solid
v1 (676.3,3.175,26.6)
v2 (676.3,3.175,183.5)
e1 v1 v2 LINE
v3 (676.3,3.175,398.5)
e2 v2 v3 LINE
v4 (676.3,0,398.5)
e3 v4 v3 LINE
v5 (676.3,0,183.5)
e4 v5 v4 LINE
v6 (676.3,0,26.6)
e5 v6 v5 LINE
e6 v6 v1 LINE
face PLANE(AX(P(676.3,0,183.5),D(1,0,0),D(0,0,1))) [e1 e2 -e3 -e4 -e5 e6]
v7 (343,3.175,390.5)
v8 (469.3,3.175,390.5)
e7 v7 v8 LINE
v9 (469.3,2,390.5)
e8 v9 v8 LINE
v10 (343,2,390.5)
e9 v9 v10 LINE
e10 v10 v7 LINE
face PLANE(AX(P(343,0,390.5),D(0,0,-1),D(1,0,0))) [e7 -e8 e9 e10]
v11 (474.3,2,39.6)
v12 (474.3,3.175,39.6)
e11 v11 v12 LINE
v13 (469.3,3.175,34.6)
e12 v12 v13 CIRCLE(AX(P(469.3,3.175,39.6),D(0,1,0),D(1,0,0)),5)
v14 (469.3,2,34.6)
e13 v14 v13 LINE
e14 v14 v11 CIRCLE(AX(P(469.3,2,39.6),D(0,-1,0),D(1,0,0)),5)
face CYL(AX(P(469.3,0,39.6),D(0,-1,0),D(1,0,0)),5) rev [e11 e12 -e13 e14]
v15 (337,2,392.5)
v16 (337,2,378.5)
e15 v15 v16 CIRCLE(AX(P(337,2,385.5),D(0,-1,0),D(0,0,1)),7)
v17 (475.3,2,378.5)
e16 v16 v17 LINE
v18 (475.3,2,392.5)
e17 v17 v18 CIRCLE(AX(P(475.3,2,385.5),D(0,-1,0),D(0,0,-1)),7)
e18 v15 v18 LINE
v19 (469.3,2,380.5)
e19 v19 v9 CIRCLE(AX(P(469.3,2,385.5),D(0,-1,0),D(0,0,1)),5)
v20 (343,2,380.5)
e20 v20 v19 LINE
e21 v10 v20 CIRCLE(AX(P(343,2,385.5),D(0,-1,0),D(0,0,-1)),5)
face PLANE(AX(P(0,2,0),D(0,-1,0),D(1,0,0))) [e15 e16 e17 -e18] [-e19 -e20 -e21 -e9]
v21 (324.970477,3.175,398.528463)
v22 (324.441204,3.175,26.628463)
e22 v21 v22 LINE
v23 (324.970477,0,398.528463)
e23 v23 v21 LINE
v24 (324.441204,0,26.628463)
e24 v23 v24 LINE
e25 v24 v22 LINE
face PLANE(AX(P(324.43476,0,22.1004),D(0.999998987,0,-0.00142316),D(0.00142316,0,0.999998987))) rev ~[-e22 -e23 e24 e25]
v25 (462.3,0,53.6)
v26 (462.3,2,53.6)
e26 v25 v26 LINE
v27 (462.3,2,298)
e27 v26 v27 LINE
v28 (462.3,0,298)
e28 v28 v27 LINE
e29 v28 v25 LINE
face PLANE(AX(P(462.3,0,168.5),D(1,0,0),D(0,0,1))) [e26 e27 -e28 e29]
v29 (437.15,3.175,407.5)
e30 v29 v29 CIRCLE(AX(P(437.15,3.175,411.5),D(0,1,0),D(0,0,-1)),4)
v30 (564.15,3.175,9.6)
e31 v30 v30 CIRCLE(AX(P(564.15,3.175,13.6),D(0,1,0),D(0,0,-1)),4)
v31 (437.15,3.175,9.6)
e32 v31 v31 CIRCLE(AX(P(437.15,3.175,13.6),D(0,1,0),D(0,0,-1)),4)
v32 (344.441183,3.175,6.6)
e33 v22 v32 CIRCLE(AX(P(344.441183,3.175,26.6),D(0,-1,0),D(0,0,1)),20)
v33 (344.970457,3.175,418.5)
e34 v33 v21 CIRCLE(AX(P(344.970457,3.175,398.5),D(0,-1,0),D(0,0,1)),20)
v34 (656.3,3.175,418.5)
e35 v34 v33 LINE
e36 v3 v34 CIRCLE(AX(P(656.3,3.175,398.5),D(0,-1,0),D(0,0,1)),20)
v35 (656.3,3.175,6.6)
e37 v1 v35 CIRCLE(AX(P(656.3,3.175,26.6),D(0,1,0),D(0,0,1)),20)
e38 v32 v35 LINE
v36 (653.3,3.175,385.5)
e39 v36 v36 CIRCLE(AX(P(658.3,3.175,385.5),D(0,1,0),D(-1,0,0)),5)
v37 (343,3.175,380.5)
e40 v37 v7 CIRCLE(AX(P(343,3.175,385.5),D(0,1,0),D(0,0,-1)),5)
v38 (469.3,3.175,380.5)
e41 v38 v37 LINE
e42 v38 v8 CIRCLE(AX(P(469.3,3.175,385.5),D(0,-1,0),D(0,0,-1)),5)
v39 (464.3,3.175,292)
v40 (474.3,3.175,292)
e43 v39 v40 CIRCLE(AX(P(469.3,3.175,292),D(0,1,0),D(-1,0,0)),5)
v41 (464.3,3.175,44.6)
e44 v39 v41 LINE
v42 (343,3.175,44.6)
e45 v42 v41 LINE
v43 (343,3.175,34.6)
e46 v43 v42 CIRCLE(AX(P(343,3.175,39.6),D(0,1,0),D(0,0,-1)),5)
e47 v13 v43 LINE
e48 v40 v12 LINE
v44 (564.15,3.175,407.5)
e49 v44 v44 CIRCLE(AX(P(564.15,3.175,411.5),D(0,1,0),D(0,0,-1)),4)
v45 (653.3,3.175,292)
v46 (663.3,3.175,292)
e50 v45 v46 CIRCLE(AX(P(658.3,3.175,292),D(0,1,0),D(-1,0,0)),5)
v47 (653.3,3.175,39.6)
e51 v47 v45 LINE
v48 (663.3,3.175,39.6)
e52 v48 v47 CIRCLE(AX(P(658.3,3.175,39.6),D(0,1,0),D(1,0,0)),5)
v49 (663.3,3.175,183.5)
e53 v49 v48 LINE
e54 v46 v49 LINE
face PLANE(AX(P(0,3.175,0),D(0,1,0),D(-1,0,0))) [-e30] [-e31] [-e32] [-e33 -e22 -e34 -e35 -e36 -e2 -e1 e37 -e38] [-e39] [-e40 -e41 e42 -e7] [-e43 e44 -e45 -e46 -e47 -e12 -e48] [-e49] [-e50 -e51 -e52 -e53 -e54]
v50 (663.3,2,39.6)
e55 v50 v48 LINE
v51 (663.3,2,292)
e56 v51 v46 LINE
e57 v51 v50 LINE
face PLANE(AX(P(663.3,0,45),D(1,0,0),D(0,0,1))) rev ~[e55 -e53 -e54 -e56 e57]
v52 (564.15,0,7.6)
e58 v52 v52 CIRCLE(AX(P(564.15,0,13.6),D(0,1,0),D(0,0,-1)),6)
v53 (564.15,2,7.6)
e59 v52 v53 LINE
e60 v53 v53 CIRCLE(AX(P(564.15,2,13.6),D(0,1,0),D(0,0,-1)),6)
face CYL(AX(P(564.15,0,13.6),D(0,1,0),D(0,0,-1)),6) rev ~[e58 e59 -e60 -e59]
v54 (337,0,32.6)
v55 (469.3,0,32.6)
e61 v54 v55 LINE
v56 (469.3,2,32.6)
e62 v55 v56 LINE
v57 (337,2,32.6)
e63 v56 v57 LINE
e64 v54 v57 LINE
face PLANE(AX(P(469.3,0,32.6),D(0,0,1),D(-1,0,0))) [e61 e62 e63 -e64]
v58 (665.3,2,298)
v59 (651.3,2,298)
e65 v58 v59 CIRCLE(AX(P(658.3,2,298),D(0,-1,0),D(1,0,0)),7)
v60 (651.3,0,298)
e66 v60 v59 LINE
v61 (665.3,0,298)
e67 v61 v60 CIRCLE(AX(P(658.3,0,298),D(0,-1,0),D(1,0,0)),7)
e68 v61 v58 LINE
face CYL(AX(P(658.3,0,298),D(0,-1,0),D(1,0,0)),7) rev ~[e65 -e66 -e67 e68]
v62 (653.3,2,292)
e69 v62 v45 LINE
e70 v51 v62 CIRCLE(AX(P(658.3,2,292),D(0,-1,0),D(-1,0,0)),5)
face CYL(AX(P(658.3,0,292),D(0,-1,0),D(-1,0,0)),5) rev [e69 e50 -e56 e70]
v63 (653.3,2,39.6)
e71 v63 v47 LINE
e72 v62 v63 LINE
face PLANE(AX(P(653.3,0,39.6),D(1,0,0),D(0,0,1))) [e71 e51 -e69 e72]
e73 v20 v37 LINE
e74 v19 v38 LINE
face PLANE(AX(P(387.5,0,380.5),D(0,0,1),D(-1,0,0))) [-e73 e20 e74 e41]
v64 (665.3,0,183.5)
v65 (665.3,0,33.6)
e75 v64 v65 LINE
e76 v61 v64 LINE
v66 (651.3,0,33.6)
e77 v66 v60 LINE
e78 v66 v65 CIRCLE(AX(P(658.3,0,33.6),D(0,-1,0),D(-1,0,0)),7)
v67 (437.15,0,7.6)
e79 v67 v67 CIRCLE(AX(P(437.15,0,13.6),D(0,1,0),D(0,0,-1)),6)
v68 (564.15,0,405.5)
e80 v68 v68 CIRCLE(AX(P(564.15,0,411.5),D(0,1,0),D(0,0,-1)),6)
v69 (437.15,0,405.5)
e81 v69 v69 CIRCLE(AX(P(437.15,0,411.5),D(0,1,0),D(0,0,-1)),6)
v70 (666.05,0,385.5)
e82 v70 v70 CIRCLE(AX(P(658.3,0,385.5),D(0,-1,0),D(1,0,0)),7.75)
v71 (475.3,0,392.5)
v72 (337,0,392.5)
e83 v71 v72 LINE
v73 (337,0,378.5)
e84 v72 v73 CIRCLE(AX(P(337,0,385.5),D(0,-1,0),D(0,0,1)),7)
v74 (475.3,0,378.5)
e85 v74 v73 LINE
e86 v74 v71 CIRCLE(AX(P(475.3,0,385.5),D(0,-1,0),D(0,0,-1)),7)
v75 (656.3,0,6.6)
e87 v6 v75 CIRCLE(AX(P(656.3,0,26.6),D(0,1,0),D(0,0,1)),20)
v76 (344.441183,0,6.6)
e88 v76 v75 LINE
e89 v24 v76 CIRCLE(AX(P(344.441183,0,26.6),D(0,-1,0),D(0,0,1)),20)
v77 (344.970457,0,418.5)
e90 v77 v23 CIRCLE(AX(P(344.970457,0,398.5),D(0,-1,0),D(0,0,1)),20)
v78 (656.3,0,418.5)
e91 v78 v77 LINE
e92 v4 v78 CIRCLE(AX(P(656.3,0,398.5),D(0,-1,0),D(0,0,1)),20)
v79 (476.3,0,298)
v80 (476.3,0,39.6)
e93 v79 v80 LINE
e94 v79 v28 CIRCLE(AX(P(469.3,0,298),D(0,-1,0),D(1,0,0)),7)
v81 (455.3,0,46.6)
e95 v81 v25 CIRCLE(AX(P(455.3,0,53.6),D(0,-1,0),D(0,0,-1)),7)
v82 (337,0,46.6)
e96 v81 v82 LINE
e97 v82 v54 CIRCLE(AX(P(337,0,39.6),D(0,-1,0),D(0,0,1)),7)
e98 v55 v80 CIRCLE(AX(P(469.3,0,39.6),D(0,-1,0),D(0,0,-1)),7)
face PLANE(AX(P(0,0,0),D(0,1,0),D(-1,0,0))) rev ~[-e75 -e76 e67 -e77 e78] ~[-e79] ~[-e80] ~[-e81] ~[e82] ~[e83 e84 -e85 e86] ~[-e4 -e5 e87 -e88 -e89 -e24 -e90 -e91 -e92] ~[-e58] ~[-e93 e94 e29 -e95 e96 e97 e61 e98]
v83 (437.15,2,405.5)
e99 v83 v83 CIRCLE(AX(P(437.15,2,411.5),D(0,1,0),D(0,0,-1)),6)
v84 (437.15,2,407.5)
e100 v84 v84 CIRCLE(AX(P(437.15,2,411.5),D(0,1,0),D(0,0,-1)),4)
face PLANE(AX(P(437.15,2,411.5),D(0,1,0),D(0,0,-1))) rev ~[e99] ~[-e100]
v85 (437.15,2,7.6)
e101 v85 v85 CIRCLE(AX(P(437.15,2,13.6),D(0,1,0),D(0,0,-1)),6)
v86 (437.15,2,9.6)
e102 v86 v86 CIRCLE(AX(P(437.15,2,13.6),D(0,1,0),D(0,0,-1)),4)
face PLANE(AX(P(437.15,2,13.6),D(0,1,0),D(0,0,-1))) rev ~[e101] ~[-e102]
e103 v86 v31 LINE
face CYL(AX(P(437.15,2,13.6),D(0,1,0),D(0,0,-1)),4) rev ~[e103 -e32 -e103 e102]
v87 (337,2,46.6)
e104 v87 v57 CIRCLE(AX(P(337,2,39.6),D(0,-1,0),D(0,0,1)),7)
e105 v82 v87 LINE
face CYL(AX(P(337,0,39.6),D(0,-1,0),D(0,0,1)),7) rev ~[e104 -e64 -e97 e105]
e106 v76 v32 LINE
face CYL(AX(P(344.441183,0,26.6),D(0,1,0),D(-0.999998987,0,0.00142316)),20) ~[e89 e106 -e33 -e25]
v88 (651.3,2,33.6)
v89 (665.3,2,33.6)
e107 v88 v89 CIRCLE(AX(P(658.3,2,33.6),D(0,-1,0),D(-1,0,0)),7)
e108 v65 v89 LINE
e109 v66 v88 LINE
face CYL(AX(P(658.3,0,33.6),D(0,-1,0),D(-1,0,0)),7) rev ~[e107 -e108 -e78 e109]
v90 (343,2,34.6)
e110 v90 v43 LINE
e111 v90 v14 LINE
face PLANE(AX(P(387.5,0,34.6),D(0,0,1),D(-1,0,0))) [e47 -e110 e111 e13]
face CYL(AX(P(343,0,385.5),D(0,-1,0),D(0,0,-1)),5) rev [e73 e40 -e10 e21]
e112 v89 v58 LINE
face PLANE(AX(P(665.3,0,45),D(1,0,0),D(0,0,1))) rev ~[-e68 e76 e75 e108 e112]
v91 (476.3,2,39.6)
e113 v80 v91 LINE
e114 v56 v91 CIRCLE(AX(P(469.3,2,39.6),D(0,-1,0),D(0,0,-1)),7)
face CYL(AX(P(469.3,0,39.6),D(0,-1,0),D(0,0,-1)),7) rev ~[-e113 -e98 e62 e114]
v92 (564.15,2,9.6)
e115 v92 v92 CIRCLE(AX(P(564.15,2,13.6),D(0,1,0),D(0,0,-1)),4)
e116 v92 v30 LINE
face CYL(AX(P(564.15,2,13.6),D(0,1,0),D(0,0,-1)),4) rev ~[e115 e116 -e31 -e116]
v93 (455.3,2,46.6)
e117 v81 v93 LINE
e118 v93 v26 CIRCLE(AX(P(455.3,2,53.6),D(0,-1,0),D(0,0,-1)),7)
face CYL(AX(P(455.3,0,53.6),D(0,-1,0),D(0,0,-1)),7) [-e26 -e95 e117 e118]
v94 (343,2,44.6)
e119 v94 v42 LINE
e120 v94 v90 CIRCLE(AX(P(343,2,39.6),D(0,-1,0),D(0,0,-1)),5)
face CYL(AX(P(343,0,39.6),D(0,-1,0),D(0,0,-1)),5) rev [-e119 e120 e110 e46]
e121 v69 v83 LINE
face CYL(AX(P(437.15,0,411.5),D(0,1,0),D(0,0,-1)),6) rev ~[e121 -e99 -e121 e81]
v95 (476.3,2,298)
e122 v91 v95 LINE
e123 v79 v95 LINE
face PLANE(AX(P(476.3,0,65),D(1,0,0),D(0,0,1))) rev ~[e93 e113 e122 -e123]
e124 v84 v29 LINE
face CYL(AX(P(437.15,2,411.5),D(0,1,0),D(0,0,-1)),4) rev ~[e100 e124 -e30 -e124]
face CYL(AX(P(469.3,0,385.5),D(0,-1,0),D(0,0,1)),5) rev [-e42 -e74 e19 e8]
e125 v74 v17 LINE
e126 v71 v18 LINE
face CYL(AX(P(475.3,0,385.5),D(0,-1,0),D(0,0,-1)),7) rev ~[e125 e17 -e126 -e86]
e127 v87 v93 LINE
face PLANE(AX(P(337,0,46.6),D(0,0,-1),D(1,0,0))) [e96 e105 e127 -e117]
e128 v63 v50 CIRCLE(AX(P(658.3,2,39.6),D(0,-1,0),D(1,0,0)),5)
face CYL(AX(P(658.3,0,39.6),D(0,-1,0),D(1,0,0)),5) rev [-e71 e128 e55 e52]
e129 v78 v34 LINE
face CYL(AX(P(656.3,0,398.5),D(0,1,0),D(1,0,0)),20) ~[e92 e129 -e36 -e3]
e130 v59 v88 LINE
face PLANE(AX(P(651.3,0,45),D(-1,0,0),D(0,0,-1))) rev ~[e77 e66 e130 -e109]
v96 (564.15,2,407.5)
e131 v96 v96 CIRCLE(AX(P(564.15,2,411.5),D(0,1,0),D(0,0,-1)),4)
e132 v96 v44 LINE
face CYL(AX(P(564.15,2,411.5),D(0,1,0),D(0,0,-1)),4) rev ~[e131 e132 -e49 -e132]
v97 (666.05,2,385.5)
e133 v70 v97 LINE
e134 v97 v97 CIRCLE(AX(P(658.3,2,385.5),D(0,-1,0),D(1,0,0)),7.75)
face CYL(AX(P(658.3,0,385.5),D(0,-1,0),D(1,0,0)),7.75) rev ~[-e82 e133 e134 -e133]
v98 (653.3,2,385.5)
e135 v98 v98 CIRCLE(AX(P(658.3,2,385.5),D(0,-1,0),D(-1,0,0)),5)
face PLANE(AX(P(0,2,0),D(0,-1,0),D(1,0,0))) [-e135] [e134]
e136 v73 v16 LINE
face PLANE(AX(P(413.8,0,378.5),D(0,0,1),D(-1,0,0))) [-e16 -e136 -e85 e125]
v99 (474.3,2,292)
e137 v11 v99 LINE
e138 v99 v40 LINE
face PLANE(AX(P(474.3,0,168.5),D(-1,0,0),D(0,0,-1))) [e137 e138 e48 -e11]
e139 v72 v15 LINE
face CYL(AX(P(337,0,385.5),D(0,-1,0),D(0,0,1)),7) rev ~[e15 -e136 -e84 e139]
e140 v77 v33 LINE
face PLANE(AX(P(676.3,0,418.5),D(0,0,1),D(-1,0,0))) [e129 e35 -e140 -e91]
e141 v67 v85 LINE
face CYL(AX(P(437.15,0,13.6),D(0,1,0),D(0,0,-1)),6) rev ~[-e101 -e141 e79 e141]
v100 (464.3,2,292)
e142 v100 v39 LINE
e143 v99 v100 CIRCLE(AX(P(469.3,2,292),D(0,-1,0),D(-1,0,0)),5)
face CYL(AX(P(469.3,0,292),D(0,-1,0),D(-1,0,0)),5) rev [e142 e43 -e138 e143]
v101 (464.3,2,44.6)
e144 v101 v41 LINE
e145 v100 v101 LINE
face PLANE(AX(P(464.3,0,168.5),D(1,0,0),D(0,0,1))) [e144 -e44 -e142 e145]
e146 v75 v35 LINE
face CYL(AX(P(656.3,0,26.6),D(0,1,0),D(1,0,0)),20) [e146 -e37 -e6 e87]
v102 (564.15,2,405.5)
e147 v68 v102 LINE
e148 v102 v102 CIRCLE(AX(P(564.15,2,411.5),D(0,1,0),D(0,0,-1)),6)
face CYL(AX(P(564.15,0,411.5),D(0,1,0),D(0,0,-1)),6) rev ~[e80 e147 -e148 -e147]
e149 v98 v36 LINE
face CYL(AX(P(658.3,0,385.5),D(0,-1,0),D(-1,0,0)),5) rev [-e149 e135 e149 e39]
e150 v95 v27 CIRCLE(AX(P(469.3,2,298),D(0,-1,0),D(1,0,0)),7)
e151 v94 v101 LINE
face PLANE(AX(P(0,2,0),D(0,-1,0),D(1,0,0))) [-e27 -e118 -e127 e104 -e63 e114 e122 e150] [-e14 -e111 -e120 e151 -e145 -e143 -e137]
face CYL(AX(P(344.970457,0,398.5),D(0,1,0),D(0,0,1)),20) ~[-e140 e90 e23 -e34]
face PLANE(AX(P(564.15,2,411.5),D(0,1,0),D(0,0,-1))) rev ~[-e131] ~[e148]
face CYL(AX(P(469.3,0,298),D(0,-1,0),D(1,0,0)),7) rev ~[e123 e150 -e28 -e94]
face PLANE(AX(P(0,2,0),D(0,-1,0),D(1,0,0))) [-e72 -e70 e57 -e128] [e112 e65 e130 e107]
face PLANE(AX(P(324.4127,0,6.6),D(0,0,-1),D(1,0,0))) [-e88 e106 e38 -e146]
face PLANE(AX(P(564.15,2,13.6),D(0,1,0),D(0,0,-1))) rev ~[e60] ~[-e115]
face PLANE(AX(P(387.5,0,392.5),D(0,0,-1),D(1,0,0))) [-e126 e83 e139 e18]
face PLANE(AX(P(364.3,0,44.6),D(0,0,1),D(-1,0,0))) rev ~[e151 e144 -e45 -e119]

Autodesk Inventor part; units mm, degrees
ref_plane "YZ Plane" through (0, 0, 0) normal (1, 0, 0) x (0, 1, 0)
ref_plane "XZ Plane" through (0, 0, 0) normal (0, 1, 0) x (-1, 0, 0)
ref_plane "XY Plane" through (0, 0, 0) normal (0, 0, 1) x (1, 0, 0)
sketch "Sketch1" plane through (0, 0, 0) normal (0, 1, 0) x (-1, 0, 0)
  line L0 (-613.8, 55) -> (-513.8, 55)
  line L1 (-387.5, 55) -> (-613.8, 55)
  line L2 (-513.8, 55) -> (-473.8, 55)
  line L3 (-469.3, 380.5) -> (-343, 380.5)
  line L4 (-343, 390.5) -> (-469.3, 390.5)
  line L5 (-474.3, 385.5) -> (-474.3, 385.5)
  circle A0 centre (-658.3, 385.5) radius 5
  arc A1 (-474.3, 385.5) -> (-469.3, 380.5) centre (-469.3, 385.5) ccw
  arc A2 (-469.3, 390.5) -> (-474.3, 385.5) centre (-469.3, 385.5) ccw
  line L6 (-513.8, 395) -> (-513.8, 395.5)
  line L7 (-513.8, 55) -> (-469.3, 55)
  line L8 (-474.3, 65) -> (-474.3, 65)
  line L9 (-474.3, 178.5) -> (-474.3, 178.5)
  line L10 (-474.3, 292) -> (-474.3, 292)
  line L11 (-653.3, 45) -> (-653.3, 272)
  line L12 (-663.3, 45) -> (-663.3, 272)
  line L13 (-613.8, 395.5) -> (-513.8, 395.5)
  line L14 (-513.8, 395.5) -> (-513.8, 168.5)
  line L15 (-513.8, 168.5) -> (-613.8, 168.5)
  line L16 (-513.8, 168.5) -> (-387.5, 168.5)
  line L17 (-613.8, 168.5) -> (-613.8, 395.5)
  line L18 (-513.8, 395.5) -> (-513.8, 29.6)
  line L19 (-613.8, 29.6) -> (-613.8, 168.5)
  line L20 (-387.5, 29.6) -> (-387.5, 395.5)
  line L21 (-387.5, 395.5) -> (-513.8, 395.5)
  line L22 (-387.5, 29.6) -> (-613.8, 29.6)
  line L23 (-513.8, 282) -> (-613.8, 282)
  line L24 (-663.3, 45) -> (-663.3, 39.6)
  line L25 (-653.3, 39.6) -> (-653.3, 45)
  arc A3 (-663.3, 39.6) -> (-653.3, 39.6) centre (-658.3, 39.6) ccw
  line L26 (-663.3, 272) -> (-663.3, 292)
  line L27 (-653.3, 292) -> (-653.3, 272)
  arc A4 (-653.3, 292) -> (-663.3, 292) centre (-658.3, 292) ccw
  line L28 (-464.3, 292) -> (-464.3, 183.5)
  line L29 (-474.3, 178.5) -> (-474.3, 292)
  arc A5 (-464.3, 292) -> (-474.3, 292) centre (-469.3, 292) ccw
  line L30 (-474.3, 183.5) -> (-474.3, 65)
  line L31 (-464.3, 70) -> (-464.3, 292)
  arc A6 (-343, 34.6) -> (-343, 44.6) centre (-343, 39.6) ccw
  line L32 (-343, 34.6) -> (-369.3, 34.6)
  line L33 (-364.3, 44.6) -> (-343, 44.6)
  line L34 (-369.3, 34.6) -> (-364.3, 34.6)
  line L35 (-663.3, 183.5) -> (-676.3, 183.5)
  line L36 (-676.3, 6.6) -> (-676.3, 418.5)
  line L37 (-324.4347, 22.1004) -> (-324.4347, 40.1004)
  line L38 (-324.4127, 6.6) -> (-324.9989, 418.5)
  arc A7 (-343, 380.5) -> (-343, 390.5) centre (-343, 385.5) ccw
  line L39 (-613.8, 55) -> (-613.8, 395.5)
  line L40 (-474.3, 65) -> (-474.3, 39.6)
  line L41 (-469.3, 34.6) -> (-369.3, 34.6)
  line L42 (-464.3, 70) -> (-464.3, 44.6)
  line L43 (-464.3, 44.6) -> (-364.3, 44.6)
  arc A8 (-474.3, 39.6) -> (-469.3, 34.6) centre (-469.3, 39.6) ccw
  line L44 (-437.15, 411.5) -> (-564.15, 411.5)
  line L45 (-437.15, 13.6) -> (-564.15, 13.6)
  line L46 (-324.4127, 6.6) -> (-676.3, 6.6)
  line L47 (-676.3, 418.5) -> (-324.9989, 418.5)
  point P0 (-469.3, 178.5)
  point P1 (-469.3, 292)
  point P2 (-474.3, 385.5)
  dimension "d9" = 10
  dimension "d75" = 126.3
  dimension "d76" = 226.3
  dimension "d78" = 10
  dimension "d79" = 10
  dimension "d82" = 10
  dimension "d92" = 10
  dimension "d98" = 13
  dimension "d205" = 365.9
  dimension "d206" = 227
  dimension "d207" = 340.5
  dimension "d208" = 5
  dimension "d238" = 127
  dimension "d240" = 127
extrude "Extrusion1" add sketch "Sketch1" along normal blind 3.175 contours L19 L15 L18 L0 | L0 L18 L22 L19 | L18 L16 L30 L40 L1 | L1 L40 A8 L41 L20 L22 L18 | L17 L23 L14 L15 | L14 L6 L21 L20 L4 A2 A1 L3 L16 L31 L28 A5 L29 L30 | L17 L13 L6 L14 L23 | L16 L20 L1 L42 L31 | L1 L20 L43 L42 | L36 L47 L38 L46
sketch "Sketch2" plane through (0, 0, 0) normal (0, -1, 0) x (1, 0, 0)
  line L0 (474.3, 178.5) -> (474.3, 178.5)
  line L1 (513.8, 168.5) -> (413.8, 168.5)
  line L2 (413.8, 395.5) -> (413.8, 55)
  line L3 (513.8, 395.5) -> (513.8, 29.6)
  line L4 (387.5, 29.6) -> (387.5, 395.5)
  line L5 (474.3, 65) -> (474.3, 65)
  line L6 (474.3, 385.5) -> (474.3, 385.5)
  line L7 (513.8, 395) -> (513.8, 395.5)
  line L8 (613.8, 29.6) -> (613.8, 168.5)
  line L9 (613.8, 55) -> (513.8, 55)
  line L10 (513.8, 55) -> (473.8, 55)
  line L11 (513.8, 55) -> (469.3, 55)
  line L12 (413.8, 55) -> (613.8, 55)
  line L13 (613.8, 168.5) -> (613.8, 395.5)
  line L14 (513.8, 395.5) -> (513.8, 168.5)
  line L15 (513.8, 168.5) -> (613.8, 168.5)
  line L16 (474.3, 292) -> (474.3, 292)
  line L17 (387.5, 29.6) -> (613.8, 29.6)
  line L18 (513.8, 282) -> (613.8, 282)
  line L19 (387.5, 395.5) -> (513.8, 395.5)
  line L20 (613.8, 395.5) -> (513.8, 395.5)
  line L21 (475.3, 378.5) -> (337, 378.5)
  line L22 (337, 392.5) -> (475.3, 392.5)
  circle A0 centre (658.3, 385.5) radius 7.75
  line L23 (665.3, 272) -> (665.3, 298)
  line L24 (651.3, 298) -> (651.3, 272)
  line L25 (651.3, 272) -> (651.3, 45)
  line L26 (651.3, 45) -> (651.3, 33.6)
  line L27 (665.3, 33.6) -> (665.3, 45)
  line L28 (665.3, 45) -> (665.3, 272)
  line L29 (369.3, 32.6) -> (337, 32.6)
  line L30 (337, 46.6) -> (355.3, 46.6)
  line L31 (462.3, 79) -> (462.3, 164.5)
  line L32 (462.3, 192.5) -> (462.3, 298)
  line L33 (476.3, 65) -> (476.3, 183.5)
  line L34 (476.3, 178.5) -> (476.3, 298)
  arc A1 (476.3, 298) -> (462.3, 298) centre (469.3, 298) ccw
  arc A2 (337, 46.6) -> (337, 32.6) centre (337, 39.6) ccw
  arc A3 (651.3, 33.6) -> (665.3, 33.6) centre (658.3, 33.6) ccw
  arc A4 (665.3, 298) -> (651.3, 298) centre (658.3, 298) ccw
  arc A5 (475.3, 378.5) -> (475.3, 392.5) centre (475.3, 385.5) ccw
  arc A6 (337, 392.5) -> (337, 378.5) centre (337, 385.5) ccw
  line L35 (476.3, 65) -> (476.3, 39.6)
  line L36 (469.3, 32.6) -> (369.3, 32.6)
  line L37 (343, 34.6) -> (469.3, 34.6) projected
  line L38 (462.3, 79) -> (462.3, 53.6)
  line L39 (464.3, 44.6) -> (343, 44.6) projected
  line L40 (455.3, 46.6) -> (355.3, 46.6)
  arc A7 (469.3, 32.6) -> (476.3, 39.6) centre (469.3, 39.6) ccw
  arc A8 (455.3, 46.6) -> (462.3, 53.6) centre (455.3, 53.6) ccw
  line L41 (462.3, 164.5) -> (462.3, 192.5)
  line L42 (464.3, 292) -> (464.3, 44.6) projected
  line L43 (676.3, 11.6) -> (324.4127, 11.6) projected
  line L44 (324.4127, 6.6) -> (324.9989, 418.5) projected
  line L45 (325, 413.5) -> (676.3, 413.5) projected
  line L46 (676.3, 418.5) -> (676.3, 6.6) projected
  point P0 (650, 0)
  point P1 (0, 41.6)
  point P2 (0, 378.5)
  point P3 (413.8, 282)
  point P4 (469.3, 178.5)
  point P5 (676.3, 450)
  point P6 (676.3, 0)
  point P7 (513.8, 55)
  point P8 (513.8, 29.6)
  point P9 (362.3, 46.6)
  point P10 (462.3, 72)
  point P11 (462.3, 171.5)
  point P12 (462.3, 185.5)
  point P13 (376.3, 58)
  point P14 (325, 424)
  point P15 (324.9989, 418.5)
  dimension "d178" = 15.5
  dimension "d186" = 14
  dimension "d190" = 14
  dimension "d192" = 14
  dimension "d194" = 14
  dimension "d198" = 14
  dimension "d202" = 14
  dimension "d209" = 7
extrude "Extrusion2" cut sketch "Sketch2" against normal blind 2 contours L33 L35 L10 L11 L12 L42 L1 | L1 L41 L32 A1 L34 L33 | L42 L12 L38 L31 L41 L1 | L35 A7 L36 L4 L39 L42 L12 L11 L10 | L42 L39 L4 L40 A8 L38 L12 | L36 L29 A2 L30 L40 L4 | L21 L4 L22 L2 | L2 L22 A5 L21 | L21 A6 L22 L4 | A0 | L28 L27 A3 L26 L25 L24 A4 L23
fillet "Fillet1" radius 20 4 edges at (324.4127, 1.5875, 6.6) (676.3, 1.5875, 6.6) (676.3, 1.5875, 418.5) (324.9989, 1.5875, 418.5)
hole "Hole2" at (437.15, 0, 13.6) at (564.15, 0, 13.6) at (437.15, 0, 411.5) at (564.15, 0, 411.5) direction (0, 1, 0) diameter 8 end through all counterbore diameter 12 counterbore depth 2
properties part number "PlateLateral" material "Aluminum, Anodized Silver"
